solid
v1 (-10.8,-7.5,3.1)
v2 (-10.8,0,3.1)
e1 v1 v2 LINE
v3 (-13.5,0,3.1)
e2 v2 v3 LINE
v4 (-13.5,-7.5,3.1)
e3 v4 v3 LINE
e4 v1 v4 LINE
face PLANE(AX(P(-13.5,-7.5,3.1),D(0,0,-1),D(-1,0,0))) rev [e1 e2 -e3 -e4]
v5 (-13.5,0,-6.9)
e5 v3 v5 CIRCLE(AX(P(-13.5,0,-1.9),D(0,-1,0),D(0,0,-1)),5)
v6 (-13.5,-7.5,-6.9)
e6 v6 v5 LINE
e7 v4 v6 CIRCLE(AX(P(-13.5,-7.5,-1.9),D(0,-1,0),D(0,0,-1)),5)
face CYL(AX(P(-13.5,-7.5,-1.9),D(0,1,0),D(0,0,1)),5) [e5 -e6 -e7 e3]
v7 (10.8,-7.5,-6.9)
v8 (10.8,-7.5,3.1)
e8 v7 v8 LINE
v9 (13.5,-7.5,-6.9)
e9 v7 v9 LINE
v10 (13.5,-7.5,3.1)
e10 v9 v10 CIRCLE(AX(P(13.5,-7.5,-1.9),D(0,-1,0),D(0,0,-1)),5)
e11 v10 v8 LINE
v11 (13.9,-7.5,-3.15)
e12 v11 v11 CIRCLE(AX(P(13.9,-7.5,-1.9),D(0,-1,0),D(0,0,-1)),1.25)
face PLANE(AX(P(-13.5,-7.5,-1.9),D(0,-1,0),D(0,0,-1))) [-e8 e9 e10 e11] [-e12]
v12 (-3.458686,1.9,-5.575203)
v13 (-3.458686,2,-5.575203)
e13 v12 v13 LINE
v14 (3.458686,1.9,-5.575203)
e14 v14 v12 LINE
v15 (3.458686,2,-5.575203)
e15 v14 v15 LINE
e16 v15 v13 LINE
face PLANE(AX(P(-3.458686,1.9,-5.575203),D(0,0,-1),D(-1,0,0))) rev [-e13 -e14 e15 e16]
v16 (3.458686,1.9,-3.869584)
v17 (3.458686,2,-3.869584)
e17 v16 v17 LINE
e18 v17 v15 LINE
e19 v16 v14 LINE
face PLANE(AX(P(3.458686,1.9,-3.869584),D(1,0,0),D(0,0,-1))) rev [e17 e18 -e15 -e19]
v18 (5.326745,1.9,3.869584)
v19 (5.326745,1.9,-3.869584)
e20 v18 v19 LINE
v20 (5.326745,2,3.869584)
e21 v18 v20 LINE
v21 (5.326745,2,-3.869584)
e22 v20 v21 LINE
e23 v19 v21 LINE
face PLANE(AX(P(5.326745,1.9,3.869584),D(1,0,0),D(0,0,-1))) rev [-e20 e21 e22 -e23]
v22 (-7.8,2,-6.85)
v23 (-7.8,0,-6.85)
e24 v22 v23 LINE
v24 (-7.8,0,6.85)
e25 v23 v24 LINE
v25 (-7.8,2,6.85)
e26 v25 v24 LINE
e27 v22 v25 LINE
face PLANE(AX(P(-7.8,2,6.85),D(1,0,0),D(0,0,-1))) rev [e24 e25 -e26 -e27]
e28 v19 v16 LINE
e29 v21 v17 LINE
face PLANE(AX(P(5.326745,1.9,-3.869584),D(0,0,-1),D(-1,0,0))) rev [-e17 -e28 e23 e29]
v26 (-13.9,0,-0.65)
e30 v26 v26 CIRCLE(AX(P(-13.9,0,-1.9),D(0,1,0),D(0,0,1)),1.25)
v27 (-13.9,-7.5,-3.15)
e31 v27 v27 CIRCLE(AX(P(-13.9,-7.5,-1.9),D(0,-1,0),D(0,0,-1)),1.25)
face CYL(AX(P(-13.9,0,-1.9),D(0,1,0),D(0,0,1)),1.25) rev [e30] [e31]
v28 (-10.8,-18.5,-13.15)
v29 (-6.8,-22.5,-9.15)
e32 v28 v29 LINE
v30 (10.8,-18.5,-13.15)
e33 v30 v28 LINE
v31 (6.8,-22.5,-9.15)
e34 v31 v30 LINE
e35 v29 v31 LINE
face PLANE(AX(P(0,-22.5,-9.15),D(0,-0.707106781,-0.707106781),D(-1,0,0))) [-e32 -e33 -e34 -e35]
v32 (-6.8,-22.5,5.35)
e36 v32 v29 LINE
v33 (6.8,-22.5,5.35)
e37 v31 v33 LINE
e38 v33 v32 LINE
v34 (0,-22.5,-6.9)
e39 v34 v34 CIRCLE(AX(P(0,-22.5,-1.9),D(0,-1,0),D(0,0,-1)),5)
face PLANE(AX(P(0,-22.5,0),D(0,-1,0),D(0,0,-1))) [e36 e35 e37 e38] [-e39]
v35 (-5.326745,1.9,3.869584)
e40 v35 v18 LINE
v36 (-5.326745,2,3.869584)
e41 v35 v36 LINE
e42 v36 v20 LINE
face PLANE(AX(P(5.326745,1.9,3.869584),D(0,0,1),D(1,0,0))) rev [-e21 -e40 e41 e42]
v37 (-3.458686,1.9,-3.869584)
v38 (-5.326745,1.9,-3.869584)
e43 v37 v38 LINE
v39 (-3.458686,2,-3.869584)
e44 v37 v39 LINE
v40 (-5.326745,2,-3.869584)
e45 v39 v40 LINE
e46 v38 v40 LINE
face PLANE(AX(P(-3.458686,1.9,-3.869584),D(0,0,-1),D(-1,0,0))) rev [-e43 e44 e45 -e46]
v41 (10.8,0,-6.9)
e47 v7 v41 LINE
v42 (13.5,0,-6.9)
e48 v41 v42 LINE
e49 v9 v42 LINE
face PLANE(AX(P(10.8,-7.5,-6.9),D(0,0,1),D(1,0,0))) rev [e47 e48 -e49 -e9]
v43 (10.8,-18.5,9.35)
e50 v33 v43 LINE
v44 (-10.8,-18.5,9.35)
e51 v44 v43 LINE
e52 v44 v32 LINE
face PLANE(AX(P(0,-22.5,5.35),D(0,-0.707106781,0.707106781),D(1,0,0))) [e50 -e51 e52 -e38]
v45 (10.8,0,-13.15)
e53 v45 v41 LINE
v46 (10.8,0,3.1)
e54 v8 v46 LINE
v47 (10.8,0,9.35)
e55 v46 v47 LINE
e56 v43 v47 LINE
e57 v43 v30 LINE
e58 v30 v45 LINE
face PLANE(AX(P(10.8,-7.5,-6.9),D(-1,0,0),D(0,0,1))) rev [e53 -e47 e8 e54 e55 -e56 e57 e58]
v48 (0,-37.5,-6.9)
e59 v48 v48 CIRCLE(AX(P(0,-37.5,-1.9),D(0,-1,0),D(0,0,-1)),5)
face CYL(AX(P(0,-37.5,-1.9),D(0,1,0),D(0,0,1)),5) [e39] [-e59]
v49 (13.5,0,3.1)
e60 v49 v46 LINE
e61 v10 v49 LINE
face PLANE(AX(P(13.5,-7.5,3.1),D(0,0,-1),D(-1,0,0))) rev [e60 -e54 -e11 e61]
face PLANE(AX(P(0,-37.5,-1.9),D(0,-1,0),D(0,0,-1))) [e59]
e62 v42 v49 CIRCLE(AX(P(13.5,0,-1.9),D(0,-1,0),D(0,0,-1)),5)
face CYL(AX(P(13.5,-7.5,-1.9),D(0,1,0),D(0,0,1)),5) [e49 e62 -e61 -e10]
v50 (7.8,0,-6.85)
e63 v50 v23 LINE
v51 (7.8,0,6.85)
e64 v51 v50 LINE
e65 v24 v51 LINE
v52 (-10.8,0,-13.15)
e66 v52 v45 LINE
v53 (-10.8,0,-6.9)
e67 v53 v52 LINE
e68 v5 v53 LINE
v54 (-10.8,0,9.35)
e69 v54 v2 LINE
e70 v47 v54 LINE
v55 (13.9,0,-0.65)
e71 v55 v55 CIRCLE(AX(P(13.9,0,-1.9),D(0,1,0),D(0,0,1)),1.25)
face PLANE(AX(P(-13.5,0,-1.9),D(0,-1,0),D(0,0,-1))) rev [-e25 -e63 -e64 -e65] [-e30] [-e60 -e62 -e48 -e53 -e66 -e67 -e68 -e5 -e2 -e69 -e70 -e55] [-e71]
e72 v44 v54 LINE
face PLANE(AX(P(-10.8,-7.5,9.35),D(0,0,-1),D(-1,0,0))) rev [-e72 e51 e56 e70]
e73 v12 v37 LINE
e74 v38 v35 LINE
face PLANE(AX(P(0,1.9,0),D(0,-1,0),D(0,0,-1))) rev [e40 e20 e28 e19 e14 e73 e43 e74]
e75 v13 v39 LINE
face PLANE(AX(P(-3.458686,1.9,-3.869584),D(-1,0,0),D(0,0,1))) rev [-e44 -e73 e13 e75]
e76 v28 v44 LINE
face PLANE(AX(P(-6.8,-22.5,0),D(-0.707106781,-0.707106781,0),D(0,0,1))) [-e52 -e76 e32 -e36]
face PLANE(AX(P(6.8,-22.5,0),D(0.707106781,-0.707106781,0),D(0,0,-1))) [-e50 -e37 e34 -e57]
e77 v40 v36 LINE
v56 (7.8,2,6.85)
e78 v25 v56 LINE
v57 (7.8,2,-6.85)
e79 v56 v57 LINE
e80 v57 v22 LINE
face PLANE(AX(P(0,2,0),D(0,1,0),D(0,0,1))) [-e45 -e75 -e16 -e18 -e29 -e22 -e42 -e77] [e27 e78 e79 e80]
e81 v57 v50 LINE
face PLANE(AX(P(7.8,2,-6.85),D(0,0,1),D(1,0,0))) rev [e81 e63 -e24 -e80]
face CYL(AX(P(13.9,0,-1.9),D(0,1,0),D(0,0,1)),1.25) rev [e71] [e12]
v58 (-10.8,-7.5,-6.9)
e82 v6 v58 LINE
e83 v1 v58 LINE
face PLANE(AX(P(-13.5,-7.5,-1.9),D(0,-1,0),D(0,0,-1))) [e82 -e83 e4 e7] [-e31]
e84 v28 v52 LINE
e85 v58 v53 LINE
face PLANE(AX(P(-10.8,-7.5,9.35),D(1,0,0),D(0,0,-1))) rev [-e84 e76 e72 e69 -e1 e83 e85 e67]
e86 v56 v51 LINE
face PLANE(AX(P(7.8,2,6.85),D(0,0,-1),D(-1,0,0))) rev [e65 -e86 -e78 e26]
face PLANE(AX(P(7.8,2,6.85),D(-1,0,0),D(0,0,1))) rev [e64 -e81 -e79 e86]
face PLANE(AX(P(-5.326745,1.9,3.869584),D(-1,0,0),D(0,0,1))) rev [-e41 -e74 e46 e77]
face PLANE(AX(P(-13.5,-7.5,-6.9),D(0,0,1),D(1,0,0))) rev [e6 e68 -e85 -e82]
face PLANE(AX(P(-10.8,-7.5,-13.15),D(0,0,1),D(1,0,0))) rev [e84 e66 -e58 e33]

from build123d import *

# Parameters (mm, degrees)
SKETCH_1_W          = 15.6
SKETCH_1_H          = 13.7
EXTRUDE_1_DEPTH     = 2
EXTRUDE_2_DEPTH     = 7.5
SKETCH_4_W          = 21.6
SKETCH_4_H          = 22.5
EXTRUDE_3_DEPTH     = 15
CHAMFER_1_SIZE      = 4
SKETCH_5_R          = 5
EXTRUDE_4_DEPTH     = 15
CUT_EXTRUDE_1_DEPTH = 0.1
HOLE_WIZARD_M3_1_D  = 2.5


with BuildPart() as part:
    # 草图1 → 凸台-拉伸1 (new body)
    with BuildSketch(Plane(origin=(0, 0, 0), x_dir=(1, 0, 0), z_dir=(0, 1, 0))):
        Rectangle(SKETCH_1_W, SKETCH_1_H)
    extrude(amount=EXTRUDE_1_DEPTH)

    # 草图3 → 凸台-拉伸2 (add)
    with BuildSketch(Plane.XZ):
        with BuildLine():
            Line((-10.8, 9.35), (10.8, 9.35))
            Line((10.8, 9.35), (10.8, 3.1))
            Line((10.8, 3.1), (13.5, 3.1))
            ThreePointArc((13.5, 3.1), (18.5, -1.9), (13.5, -6.9))
            Line((13.5, -6.9), (10.8, -6.9))
            Line((10.8, -6.9), (10.8, -13.15))
            Line((10.8, -13.15), (-10.8, -13.15))
            Line((-10.8, -13.15), (-10.8, -6.9))
            Line((-10.8, -6.9), (-13.5, -6.9))
            ThreePointArc((-13.5, -6.9), (-18.5, -1.9), (-13.5, 3.1))
            Line((-13.5, 3.1), (-10.8, 3.1))
            Line((-10.8, 3.1), (-10.8, 9.35))
        make_face()
    extrude(amount=EXTRUDE_2_DEPTH)

    # 草图4 → 凸台-拉伸3 (add)
    with BuildSketch(Plane.XZ.offset(7.5)):
        with Locations((0, -1.9)):
            Rectangle(SKETCH_4_W, SKETCH_4_H)
    extrude(amount=EXTRUDE_3_DEPTH)

    # 倒角1
    chamfer_1_edges = [part.edges().sort_by_distance(p)[0] for p in [
        (-10.8, -22.5, -1.9),
        (0, -22.5, -13.15),
        (10.8, -22.5, -1.9),
        (0, -22.5, 9.35),
    ]]
    chamfer(chamfer_1_edges, length=CHAMFER_1_SIZE)

    # 草图5 → 凸台-拉伸4 (add)
    with BuildSketch(Plane.XZ.offset(22.5)):
        with Locations(Location((0, -1.9, 0), (0, 0, 270))):
            Circle(SKETCH_5_R)
    extrude(amount=EXTRUDE_4_DEPTH)

    # 草图6 → 切除-拉伸1 (cut)
    with BuildSketch(Plane(origin=(0, 2, 0), x_dir=(1, 0, 0), z_dir=(0, 1, 0))):
        Polygon((5.326744566, -3.869583795), (-5.326744566, -3.869583795), (-5.326744566, 3.869583795), (-3.458685709, 3.869583795), (-3.458685709, 5.575202752), (3.458685709, 5.575202752), (3.458685709, 3.869583795), (5.326744566, 3.869583795), align=None)
    extrude(amount=-CUT_EXTRUDE_1_DEPTH, mode=Mode.SUBTRACT)

    # M3 螺纹孔1 (through all)
    with Locations(Plane(origin=(0, 0, 0), x_dir=(1, 0, 0), z_dir=(0, 1, 0))):
        with Locations((13.9, 1.9), (-13.9, 1.9)):
            Hole(HOLE_WIZARD_M3_1_D / 2)


solid = part.part
